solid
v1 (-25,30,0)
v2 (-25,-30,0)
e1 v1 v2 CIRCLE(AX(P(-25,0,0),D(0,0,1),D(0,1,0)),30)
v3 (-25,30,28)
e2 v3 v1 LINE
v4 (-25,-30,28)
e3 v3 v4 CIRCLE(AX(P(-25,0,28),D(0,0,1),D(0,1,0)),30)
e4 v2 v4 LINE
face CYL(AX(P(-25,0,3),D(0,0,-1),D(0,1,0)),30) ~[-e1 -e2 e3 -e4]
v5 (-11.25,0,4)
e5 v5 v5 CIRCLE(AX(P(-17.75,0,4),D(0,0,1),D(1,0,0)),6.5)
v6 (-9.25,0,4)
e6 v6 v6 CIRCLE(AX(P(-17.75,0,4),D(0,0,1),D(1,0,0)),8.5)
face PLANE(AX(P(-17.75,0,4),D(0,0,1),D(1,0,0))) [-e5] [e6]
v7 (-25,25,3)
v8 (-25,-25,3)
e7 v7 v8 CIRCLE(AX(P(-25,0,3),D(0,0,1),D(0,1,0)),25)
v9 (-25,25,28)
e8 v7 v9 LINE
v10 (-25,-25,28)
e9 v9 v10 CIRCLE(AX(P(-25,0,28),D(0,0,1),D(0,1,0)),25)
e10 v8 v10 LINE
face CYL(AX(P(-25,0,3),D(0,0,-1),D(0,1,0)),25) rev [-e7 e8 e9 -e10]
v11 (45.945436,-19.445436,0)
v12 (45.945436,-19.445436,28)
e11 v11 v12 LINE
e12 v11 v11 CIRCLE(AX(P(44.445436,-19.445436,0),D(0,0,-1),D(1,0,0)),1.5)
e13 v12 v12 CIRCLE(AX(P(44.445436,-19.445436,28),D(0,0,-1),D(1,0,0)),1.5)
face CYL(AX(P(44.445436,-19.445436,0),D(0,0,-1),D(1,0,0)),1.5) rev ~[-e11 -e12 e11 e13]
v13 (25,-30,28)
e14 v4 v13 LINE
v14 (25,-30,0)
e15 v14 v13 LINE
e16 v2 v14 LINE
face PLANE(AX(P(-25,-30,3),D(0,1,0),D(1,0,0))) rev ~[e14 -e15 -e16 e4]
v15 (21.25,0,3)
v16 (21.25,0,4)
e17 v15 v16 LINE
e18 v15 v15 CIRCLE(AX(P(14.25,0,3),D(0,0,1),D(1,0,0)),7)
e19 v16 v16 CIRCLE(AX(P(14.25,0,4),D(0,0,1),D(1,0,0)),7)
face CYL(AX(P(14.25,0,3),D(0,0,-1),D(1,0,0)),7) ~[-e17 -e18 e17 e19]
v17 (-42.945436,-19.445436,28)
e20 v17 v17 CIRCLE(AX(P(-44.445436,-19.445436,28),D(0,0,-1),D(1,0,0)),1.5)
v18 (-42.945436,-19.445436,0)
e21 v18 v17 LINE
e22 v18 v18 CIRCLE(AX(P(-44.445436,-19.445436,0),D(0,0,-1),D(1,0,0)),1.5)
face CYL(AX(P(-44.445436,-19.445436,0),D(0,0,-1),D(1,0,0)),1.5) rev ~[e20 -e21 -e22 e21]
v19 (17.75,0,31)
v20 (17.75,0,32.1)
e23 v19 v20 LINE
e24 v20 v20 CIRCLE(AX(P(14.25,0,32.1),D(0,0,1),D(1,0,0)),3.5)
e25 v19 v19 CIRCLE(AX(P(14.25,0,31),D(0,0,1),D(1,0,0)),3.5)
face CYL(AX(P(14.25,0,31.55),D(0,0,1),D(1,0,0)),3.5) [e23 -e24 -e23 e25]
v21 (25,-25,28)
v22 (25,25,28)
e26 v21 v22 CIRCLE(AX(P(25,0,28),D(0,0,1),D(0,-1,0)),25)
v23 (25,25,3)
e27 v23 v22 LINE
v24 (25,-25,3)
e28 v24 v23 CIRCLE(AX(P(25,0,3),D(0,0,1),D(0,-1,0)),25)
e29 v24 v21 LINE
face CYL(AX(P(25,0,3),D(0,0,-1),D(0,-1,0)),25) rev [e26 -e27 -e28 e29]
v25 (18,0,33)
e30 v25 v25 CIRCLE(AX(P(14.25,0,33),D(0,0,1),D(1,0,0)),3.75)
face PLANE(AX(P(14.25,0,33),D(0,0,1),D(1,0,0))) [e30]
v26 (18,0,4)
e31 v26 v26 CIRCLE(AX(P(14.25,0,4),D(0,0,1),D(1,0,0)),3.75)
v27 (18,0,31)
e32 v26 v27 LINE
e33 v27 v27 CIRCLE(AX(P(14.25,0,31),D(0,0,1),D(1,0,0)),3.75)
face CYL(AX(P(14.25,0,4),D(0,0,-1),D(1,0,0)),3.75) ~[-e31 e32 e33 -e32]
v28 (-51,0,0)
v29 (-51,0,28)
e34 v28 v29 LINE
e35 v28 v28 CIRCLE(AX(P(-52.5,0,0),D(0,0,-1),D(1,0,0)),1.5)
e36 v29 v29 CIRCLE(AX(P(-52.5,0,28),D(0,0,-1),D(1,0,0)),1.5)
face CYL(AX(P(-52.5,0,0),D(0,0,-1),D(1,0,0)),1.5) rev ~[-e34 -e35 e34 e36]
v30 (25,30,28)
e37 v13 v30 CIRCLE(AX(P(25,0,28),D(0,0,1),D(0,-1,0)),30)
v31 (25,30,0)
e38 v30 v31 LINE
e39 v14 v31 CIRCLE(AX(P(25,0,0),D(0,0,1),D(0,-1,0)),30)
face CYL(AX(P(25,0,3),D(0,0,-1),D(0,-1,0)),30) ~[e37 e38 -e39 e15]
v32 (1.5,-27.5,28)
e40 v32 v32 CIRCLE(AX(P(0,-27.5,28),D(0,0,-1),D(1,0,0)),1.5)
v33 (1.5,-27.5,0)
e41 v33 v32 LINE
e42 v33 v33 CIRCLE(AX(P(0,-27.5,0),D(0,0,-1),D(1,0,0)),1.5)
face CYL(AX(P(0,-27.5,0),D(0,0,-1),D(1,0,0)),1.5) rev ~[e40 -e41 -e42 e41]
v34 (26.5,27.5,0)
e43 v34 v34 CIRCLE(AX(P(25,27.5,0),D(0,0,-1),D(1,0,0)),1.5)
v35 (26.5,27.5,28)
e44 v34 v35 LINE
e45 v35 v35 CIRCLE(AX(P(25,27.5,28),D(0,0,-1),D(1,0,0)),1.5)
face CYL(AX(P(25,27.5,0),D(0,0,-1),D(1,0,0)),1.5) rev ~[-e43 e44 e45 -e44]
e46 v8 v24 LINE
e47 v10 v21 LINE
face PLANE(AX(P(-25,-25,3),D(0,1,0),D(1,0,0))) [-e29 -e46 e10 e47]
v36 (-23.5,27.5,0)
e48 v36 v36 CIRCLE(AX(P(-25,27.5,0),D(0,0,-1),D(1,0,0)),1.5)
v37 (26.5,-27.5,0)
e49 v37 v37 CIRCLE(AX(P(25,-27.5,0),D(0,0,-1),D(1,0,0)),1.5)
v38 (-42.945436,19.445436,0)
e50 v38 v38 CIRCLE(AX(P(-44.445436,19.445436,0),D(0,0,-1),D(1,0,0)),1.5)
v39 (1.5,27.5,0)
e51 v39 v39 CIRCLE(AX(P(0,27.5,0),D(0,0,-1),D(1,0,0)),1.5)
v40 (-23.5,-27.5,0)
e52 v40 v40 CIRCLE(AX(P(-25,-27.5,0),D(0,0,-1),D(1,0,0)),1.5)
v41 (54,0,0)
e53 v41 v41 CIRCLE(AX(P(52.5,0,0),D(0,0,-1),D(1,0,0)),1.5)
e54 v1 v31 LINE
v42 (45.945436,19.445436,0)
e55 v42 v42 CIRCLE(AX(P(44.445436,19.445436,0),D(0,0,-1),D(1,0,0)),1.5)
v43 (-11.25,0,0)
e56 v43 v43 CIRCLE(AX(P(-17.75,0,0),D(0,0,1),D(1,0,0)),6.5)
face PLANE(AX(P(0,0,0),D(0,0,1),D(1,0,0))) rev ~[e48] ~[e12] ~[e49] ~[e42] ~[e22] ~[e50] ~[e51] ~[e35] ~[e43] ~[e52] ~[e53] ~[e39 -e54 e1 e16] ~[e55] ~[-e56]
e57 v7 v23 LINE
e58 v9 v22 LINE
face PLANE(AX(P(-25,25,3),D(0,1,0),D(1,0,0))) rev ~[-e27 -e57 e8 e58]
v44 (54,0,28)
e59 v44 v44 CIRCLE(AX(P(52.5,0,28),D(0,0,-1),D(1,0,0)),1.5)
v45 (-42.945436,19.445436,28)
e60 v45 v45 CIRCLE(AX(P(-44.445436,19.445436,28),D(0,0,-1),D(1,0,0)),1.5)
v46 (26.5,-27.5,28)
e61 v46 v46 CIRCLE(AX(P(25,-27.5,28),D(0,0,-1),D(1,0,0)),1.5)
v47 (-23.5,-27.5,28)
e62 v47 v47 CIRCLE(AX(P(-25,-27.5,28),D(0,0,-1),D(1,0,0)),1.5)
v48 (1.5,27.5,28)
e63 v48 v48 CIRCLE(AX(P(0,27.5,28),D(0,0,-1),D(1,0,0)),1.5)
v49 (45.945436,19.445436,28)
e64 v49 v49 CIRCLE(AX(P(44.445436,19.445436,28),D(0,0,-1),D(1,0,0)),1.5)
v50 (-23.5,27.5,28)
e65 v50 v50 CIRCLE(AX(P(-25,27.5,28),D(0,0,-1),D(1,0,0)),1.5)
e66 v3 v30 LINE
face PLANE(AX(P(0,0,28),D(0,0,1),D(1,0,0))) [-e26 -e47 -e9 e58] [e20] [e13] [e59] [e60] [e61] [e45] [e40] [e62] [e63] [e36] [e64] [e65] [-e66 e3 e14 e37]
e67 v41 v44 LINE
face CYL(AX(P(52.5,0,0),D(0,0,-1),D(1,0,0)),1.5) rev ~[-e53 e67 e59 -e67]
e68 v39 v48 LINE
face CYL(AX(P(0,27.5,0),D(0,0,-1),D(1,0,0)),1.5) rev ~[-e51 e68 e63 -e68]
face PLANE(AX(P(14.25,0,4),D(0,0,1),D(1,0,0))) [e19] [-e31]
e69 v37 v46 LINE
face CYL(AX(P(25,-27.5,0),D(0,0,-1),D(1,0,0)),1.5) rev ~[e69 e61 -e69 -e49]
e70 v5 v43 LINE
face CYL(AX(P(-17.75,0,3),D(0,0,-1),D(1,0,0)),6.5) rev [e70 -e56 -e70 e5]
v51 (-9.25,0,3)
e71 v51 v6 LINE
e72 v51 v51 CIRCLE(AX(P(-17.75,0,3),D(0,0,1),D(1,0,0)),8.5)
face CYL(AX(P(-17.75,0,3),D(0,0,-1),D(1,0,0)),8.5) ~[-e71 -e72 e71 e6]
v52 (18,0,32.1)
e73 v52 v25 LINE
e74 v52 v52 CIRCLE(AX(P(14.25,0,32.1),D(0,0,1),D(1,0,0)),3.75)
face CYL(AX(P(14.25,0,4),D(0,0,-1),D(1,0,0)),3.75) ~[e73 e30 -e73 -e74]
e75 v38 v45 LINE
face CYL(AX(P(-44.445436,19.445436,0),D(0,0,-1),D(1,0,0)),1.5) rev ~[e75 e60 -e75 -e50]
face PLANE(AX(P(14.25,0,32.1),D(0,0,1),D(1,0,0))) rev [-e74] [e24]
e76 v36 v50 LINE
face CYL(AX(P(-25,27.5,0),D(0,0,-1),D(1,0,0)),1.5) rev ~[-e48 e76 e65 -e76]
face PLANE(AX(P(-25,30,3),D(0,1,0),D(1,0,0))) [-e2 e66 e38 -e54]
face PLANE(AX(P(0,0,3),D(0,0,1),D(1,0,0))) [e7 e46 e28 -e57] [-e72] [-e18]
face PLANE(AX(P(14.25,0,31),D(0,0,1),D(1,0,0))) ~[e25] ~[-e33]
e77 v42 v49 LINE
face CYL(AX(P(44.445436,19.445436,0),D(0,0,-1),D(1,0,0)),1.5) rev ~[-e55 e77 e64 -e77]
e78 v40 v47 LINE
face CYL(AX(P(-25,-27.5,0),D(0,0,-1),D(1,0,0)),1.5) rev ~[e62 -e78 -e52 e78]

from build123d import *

# Parameters (mm, degrees)
SKETCH_R      = 6.5
PAD_DEPTH     = 3
PAD001_DEPTH  = 25
SKETCH002_R   = 8.5
SKETCH002_R_2 = 6.5
PAD002_DEPTH  = 1
SKETCH003_R   = 7
PAD003_DEPTH  = 1
SKETCH004_R   = 3.75
PAD004_DEPTH  = 29
SKETCH005_W   = 0.25
SKETCH005_H   = 1.1
SKETCH006_R   = 1.5
POCKET_DEPTH  = 50


with BuildPart() as part:
    # Sketch → Pad (new body)
    with BuildSketch(Plane.XY):
        with BuildLine():
            ThreePointArc((-25, 30), (-55, 0), (-25, -30))
            Line((-25, -30), (25, -30))
            ThreePointArc((25, -30), (55, 0), (25, 30))
            Line((-25, 30), (25, 30))
        make_face()
        with Locations((-17.75, 0)):
            Circle(SKETCH_R, mode=Mode.SUBTRACT)
    extrude(amount=PAD_DEPTH)

    # Sketch001 (on Face7 of Pad) → Pad001 (join)
    with BuildSketch(Plane.XY.offset(3)):
        with BuildLine():
            ThreePointArc((-25, 30), (-55, 0), (-25, -30))
            Line((-25, -30), (25, -30))
            ThreePointArc((25, -30), (55, 0), (25, 30))
            Line((-25, 30), (25, 30))
        make_face()
        with BuildLine():
            ThreePointArc((-25, 25), (-50, 0), (-25, -25))
            Line((-25, -25), (25, -25))
            ThreePointArc((25, -25), (50, 0), (25, 25))
            Line((-25, 25), (25, 25))
        make_face(mode=Mode.SUBTRACT)
    extrude(amount=PAD001_DEPTH)

    # Sketch002 (on Face11 of Pad001) → Pad002 (join)
    with BuildSketch(Plane.XY.offset(3)):
        with Locations((-17.75, 0)):
            Circle(SKETCH002_R)
        with Locations((-17.75, 0)):
            Circle(SKETCH002_R_2, mode=Mode.SUBTRACT)
    extrude(amount=PAD002_DEPTH)

    # Sketch003 (on Face19 of Pad002) → Pad003 (join)
    with BuildSketch(Plane.XY.offset(3)):
        with Locations((14.25, 0)):
            Circle(SKETCH003_R)
    extrude(amount=PAD003_DEPTH)

    # Sketch004 (on Face21 of Pad003) → Pad004 (join)
    with BuildSketch(Plane.XY.offset(4)):
        with Locations((14.25, 0)):
            Circle(SKETCH004_R)
    extrude(amount=PAD004_DEPTH)

    # Sketch005 (on DatumPlane) → Groove (revolve, cut)
    with BuildSketch(Plane(origin=(14.25, 0, 18.5), x_dir=(1, 0, 0), z_dir=(0, -1, 0))):
        with Locations((3.625, 13.05)):
            Rectangle(SKETCH005_W, SKETCH005_H)
    revolve(axis=Axis((14.25, 0, 18.5), (0, 0, 1)), mode=Mode.SUBTRACT)

    # Sketch006 (on Face1 of Groove) → Pocket (cut)
    with BuildSketch(Plane(origin=(0, 0, 0), x_dir=(1, 0, 0), z_dir=(0, 0, -1))):
        with Locations((-44.445436, 19.445436)):
            Circle(SKETCH006_R)
        with Locations((44.445436, 19.445436)):
            Circle(SKETCH006_R)
        with Locations((-44.445436, -19.445436)):
            Circle(SKETCH006_R)
        with Locations((44.445436, -19.445436)):
            Circle(SKETCH006_R)
        with Locations((-25, 27.5)):
            Circle(SKETCH006_R)
        with Locations((0, 27.5)):
            Circle(SKETCH006_R)
        with Locations((25, 27.5)):
            Circle(SKETCH006_R)
        with Locations((52.5, 0)):
            Circle(SKETCH006_R)
        with Locations((25, -27.5)):
            Circle(SKETCH006_R)
        with Locations((0, -27.5)):
            Circle(SKETCH006_R)
        with Locations((-25, -27.5)):
            Circle(SKETCH006_R)
        with Locations((-52.5, 0)):
            Circle(SKETCH006_R)
    extrude(amount=-POCKET_DEPTH, mode=Mode.SUBTRACT)


solid = part.part
